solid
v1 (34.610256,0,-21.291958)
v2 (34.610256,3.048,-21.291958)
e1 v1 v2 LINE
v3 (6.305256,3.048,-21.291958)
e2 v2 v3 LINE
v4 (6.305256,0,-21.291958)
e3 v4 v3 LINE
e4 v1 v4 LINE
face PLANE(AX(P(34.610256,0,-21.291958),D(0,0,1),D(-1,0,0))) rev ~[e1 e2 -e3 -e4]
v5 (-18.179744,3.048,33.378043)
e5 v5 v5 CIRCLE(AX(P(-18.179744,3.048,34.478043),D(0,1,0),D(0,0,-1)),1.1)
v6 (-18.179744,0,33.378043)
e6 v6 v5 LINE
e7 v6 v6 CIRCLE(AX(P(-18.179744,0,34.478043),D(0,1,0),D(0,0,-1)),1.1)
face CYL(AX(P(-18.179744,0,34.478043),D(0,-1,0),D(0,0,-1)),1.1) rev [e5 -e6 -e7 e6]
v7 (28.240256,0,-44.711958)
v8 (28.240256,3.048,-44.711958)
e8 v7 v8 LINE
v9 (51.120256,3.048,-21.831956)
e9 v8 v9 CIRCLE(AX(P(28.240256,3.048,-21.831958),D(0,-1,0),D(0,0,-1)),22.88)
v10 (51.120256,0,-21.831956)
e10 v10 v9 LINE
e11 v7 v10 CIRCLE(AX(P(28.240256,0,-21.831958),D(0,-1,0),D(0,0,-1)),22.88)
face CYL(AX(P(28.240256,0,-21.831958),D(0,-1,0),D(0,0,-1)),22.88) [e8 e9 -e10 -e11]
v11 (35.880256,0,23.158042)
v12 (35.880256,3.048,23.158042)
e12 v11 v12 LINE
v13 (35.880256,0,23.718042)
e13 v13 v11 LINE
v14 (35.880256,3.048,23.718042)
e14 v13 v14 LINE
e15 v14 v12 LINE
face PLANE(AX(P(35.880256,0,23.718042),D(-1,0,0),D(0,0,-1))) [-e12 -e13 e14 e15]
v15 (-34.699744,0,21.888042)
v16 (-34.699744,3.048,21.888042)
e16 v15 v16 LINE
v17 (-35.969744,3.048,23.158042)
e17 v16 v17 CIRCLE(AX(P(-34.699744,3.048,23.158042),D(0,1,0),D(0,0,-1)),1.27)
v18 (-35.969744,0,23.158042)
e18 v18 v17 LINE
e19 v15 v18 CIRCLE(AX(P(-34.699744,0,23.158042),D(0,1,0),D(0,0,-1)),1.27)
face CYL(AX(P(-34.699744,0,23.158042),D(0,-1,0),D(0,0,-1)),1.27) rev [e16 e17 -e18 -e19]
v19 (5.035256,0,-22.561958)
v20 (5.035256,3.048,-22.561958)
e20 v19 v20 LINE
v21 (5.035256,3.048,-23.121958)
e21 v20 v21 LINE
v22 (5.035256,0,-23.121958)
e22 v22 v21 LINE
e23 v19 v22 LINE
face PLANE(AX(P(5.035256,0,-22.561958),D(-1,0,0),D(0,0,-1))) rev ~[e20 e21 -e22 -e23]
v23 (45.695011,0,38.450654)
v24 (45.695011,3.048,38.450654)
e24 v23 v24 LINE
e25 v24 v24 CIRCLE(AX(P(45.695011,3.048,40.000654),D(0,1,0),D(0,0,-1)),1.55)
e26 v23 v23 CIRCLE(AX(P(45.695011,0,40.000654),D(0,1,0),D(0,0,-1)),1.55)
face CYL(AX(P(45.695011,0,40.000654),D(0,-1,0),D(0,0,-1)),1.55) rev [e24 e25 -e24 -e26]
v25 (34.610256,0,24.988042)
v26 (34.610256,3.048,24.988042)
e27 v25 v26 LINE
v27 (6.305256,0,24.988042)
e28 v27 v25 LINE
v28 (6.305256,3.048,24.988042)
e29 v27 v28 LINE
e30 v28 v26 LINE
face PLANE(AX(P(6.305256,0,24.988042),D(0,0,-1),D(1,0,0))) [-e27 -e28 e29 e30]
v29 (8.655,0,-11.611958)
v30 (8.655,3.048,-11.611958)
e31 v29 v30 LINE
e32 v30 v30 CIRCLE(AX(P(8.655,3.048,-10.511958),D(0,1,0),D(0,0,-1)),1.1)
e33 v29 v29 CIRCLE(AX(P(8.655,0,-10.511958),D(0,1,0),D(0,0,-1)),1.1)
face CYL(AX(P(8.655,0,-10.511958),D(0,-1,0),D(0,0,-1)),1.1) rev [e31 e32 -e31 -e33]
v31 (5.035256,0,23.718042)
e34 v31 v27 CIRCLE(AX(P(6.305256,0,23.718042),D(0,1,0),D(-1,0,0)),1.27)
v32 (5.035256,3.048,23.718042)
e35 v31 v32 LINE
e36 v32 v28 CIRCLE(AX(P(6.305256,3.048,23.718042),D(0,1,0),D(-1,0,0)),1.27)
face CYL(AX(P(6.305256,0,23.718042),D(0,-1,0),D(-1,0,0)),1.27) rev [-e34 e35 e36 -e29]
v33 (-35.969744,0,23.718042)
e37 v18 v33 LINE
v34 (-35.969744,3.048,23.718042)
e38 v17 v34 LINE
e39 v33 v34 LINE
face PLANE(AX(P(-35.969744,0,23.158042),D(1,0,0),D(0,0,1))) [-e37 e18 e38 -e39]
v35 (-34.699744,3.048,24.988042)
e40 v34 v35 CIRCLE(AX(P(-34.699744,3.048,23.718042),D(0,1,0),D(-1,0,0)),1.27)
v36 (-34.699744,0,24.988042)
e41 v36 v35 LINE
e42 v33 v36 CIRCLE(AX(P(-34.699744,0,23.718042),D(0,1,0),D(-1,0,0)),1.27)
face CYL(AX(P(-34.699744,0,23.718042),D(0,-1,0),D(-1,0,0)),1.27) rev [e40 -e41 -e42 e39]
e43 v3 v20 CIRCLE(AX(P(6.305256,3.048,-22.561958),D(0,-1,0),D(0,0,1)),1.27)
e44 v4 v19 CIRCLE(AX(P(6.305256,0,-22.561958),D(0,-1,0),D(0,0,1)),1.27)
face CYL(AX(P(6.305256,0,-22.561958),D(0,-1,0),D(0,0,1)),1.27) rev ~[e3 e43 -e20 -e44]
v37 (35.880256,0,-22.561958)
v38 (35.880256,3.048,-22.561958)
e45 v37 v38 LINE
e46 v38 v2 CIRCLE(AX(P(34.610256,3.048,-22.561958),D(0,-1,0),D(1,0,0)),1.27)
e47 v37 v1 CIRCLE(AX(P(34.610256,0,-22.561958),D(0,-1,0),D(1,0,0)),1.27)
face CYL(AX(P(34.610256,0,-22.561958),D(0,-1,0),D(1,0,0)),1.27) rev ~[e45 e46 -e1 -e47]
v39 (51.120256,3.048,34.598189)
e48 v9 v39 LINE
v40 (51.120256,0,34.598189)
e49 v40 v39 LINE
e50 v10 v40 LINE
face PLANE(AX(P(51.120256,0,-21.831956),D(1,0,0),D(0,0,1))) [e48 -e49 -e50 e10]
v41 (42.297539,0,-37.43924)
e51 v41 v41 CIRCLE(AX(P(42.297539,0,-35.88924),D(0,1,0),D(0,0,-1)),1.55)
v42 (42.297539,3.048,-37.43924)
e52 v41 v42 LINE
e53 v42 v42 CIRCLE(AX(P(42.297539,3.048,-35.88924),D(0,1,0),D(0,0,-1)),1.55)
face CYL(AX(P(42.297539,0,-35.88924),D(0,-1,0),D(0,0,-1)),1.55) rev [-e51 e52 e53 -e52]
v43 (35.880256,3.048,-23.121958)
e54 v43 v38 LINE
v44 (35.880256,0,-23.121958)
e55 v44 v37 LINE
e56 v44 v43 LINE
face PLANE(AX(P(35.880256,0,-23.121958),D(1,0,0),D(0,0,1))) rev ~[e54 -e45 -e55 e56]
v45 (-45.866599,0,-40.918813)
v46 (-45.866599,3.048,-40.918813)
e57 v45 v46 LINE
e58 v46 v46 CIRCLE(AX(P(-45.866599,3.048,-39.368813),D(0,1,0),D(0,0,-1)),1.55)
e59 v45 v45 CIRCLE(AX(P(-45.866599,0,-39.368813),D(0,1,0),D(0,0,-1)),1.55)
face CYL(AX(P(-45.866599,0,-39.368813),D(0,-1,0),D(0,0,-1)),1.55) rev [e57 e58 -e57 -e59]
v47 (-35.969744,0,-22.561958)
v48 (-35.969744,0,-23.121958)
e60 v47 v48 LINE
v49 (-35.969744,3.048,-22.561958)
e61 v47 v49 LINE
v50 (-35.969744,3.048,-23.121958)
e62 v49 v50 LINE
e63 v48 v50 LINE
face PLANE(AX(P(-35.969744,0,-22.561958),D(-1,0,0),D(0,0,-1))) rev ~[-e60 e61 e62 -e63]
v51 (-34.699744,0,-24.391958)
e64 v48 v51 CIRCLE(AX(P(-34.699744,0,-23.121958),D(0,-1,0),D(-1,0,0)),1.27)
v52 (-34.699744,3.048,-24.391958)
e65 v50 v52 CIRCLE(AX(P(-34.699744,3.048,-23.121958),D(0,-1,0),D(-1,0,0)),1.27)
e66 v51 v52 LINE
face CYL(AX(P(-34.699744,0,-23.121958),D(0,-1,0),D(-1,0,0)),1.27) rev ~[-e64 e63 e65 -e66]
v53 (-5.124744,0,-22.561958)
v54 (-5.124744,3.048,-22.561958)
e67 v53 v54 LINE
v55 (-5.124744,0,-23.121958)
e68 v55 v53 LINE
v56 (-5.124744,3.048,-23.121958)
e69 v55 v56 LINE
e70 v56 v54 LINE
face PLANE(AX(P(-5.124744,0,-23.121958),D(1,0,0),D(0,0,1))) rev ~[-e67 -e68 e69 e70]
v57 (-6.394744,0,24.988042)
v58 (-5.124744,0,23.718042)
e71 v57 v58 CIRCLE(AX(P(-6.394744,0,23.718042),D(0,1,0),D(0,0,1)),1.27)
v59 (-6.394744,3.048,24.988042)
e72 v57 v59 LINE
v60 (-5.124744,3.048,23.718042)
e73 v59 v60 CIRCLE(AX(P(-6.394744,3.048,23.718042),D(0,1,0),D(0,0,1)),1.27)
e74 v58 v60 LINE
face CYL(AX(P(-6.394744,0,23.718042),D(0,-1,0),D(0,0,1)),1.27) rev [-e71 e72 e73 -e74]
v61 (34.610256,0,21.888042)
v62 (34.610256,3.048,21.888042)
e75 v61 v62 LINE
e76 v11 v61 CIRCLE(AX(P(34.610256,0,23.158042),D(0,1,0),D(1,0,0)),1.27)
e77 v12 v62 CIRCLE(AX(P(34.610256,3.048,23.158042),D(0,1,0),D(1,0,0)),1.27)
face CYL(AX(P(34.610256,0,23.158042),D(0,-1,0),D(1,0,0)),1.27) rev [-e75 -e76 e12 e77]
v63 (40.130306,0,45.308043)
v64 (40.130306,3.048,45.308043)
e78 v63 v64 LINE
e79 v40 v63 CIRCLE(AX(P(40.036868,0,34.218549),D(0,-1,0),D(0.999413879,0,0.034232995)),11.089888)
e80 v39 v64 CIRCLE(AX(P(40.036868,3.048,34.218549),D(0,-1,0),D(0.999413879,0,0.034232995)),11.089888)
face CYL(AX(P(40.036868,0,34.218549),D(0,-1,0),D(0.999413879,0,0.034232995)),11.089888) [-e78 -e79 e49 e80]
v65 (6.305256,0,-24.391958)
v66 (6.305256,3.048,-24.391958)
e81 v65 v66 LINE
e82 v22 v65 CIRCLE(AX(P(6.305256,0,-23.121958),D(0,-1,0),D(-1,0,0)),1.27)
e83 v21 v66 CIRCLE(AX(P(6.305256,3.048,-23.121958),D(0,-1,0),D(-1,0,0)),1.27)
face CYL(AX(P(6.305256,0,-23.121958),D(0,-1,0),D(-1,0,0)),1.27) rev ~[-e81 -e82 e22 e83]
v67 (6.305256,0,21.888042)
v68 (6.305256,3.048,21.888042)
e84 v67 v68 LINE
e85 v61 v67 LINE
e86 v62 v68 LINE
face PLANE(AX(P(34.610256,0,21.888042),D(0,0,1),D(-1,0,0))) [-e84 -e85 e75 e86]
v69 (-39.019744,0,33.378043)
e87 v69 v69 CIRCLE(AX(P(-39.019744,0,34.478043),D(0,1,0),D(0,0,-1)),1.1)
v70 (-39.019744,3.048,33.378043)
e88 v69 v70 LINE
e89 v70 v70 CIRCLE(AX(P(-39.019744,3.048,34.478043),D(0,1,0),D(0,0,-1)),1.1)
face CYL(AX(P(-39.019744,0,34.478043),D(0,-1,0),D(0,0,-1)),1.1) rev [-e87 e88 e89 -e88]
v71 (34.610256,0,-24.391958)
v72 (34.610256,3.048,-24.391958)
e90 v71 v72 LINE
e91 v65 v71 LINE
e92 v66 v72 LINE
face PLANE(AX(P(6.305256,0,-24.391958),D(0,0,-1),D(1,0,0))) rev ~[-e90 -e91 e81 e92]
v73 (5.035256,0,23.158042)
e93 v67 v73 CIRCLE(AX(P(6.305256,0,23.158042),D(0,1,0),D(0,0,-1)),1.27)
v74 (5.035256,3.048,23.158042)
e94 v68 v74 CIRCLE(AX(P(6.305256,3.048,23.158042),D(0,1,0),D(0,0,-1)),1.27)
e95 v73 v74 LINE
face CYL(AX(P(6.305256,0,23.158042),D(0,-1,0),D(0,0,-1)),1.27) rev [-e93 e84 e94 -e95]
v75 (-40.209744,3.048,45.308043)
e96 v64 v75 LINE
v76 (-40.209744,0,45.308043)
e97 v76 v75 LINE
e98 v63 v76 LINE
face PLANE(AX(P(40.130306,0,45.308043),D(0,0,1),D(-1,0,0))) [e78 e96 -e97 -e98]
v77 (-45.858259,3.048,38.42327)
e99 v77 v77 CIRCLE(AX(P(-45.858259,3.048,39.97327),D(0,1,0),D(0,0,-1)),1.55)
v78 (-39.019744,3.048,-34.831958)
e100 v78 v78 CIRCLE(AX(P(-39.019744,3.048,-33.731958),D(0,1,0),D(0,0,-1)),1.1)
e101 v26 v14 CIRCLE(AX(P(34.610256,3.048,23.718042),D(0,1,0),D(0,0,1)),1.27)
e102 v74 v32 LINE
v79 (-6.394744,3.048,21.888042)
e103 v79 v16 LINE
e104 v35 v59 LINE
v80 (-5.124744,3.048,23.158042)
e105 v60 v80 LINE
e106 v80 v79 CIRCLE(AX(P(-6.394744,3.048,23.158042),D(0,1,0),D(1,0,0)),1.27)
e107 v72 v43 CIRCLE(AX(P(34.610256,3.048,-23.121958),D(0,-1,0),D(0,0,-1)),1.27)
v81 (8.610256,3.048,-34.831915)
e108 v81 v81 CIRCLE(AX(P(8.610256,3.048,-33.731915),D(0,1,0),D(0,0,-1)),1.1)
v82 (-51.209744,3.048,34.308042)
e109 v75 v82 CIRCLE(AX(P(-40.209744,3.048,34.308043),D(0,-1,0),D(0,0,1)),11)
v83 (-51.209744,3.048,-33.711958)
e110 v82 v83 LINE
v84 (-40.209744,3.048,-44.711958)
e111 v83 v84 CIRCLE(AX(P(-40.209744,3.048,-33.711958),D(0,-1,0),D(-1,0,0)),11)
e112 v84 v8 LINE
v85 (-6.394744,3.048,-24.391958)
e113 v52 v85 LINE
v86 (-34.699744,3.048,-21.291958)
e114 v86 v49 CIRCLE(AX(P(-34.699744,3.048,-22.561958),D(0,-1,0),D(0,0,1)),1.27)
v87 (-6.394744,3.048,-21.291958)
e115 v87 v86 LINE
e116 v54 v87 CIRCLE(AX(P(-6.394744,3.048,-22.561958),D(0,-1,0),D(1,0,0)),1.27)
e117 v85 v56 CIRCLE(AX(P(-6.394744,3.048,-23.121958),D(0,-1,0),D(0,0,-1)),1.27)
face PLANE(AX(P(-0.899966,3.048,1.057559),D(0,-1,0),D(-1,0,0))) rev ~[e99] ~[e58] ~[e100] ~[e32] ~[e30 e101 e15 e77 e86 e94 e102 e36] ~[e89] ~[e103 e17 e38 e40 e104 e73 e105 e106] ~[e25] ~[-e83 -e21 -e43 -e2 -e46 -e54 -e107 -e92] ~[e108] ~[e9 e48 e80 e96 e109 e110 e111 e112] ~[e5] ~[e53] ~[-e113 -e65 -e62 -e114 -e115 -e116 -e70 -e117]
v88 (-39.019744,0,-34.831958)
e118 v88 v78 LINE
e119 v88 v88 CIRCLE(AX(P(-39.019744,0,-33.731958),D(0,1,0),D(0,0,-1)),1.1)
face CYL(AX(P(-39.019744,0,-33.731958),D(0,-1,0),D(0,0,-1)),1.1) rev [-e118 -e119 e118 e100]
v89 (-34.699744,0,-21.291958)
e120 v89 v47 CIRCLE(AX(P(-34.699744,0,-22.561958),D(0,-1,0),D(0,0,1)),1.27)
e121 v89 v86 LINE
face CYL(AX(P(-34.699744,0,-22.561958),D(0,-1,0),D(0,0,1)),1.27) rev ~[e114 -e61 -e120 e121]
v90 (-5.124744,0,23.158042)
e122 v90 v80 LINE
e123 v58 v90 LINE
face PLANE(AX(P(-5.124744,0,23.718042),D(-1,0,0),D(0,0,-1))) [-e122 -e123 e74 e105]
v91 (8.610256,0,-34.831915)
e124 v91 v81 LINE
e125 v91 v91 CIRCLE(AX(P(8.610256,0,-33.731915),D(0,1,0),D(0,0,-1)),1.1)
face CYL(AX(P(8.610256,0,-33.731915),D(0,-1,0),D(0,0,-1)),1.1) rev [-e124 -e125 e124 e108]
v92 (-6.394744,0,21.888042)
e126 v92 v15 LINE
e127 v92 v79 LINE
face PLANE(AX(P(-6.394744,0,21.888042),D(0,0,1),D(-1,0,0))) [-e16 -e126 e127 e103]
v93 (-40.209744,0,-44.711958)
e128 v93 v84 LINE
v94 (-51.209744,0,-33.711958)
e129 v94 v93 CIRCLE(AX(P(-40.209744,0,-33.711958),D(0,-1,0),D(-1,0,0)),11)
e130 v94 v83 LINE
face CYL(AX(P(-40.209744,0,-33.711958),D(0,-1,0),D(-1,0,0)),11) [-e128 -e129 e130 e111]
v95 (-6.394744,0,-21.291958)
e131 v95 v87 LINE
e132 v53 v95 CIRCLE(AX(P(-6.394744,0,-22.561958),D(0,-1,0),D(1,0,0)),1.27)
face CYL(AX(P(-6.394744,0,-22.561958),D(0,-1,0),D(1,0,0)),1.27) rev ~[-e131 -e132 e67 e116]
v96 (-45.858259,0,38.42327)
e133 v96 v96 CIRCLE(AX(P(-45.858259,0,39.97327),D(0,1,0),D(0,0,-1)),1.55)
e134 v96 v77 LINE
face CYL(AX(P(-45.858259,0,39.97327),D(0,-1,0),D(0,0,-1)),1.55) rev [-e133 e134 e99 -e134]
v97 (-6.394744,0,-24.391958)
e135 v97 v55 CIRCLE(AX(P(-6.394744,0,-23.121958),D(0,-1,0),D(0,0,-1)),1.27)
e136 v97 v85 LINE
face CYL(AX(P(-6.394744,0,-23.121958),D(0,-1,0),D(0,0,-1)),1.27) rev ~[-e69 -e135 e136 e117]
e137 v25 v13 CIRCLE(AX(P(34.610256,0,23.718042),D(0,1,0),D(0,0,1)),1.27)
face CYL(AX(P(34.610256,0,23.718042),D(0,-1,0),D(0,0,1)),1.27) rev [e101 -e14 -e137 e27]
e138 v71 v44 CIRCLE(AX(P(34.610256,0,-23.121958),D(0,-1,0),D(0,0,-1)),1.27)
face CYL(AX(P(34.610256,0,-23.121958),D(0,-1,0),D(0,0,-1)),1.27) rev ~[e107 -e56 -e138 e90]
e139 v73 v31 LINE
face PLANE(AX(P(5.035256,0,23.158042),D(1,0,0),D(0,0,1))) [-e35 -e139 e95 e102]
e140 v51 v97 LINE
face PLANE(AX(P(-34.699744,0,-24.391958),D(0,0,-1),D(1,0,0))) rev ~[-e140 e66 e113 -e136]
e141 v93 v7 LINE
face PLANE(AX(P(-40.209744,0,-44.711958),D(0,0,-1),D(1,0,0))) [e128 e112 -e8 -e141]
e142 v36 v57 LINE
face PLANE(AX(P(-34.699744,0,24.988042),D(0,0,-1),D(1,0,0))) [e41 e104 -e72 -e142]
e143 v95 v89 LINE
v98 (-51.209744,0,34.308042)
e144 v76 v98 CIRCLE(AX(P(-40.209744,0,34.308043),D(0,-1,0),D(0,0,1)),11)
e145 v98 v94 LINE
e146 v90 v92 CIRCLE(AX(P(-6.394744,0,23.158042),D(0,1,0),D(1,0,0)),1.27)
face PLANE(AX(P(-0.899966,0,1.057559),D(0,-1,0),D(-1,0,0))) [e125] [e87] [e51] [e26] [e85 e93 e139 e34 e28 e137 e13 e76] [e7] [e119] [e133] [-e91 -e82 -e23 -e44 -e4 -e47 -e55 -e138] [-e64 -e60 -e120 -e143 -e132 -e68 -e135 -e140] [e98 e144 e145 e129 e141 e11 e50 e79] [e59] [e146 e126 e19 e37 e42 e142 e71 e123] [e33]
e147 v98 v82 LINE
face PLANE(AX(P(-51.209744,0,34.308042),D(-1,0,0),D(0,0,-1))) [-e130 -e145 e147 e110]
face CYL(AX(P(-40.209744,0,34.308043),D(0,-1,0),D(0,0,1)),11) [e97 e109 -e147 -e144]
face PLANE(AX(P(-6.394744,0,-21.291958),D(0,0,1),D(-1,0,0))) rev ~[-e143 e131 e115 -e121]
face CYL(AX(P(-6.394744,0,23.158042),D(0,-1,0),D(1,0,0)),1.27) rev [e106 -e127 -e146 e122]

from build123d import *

# Parameters (mm, degrees)
SKETCH1_R           = 1.1
SKETCH1_R_2         = 1.55
BOSS_EXTRUDE1_DEPTH = 3.048


with BuildPart() as part:
    # Sketch1 → Boss-Extrude1 (new body)
    with BuildSketch(Plane(origin=(0, 0, 0), x_dir=(1, 0, 0), z_dir=(0, 1, 0))):
        with BuildLine():
            Line((-40.209744398, 44.711958299), (28.240255602, 44.711958299))
            ThreePointArc((28.240255602, 44.711958299), (44.41885963, 38.010560578), (51.120255602, 21.831955824))
            Line((51.120255602, 21.831955824), (51.120255602, -34.598189146))
            ThreePointArc((51.120255602, -34.598189146), (47.776738906, -42.160841434), (40.130306185, -45.308043388))
            Line((40.130306185, -45.308043388), (-40.209744398, -45.308043388))
            ThreePointArc((-40.209744398, -45.308043388), (-47.987919588, -42.086217385), (-51.209744398, -34.308041701))
            Line((-51.209744398, -34.308041701), (-51.209744398, 33.711958299))
            ThreePointArc((-51.209744398, 33.711958299), (-47.987918991, 41.490132892), (-40.209744398, 44.711958299))
        make_face()
        with Locations(Location((-39.019744398, -34.478043388, 0), (0, 0, 90))):
            Circle(SKETCH1_R, mode=Mode.SUBTRACT)
        with Locations(Location((-18.179744398, -34.478043388, 0), (0, 0, 90))):
            Circle(SKETCH1_R, mode=Mode.SUBTRACT)
        with Locations(Location((-39.019744398, 33.731958299, 0), (0, 0, 90))):
            Circle(SKETCH1_R, mode=Mode.SUBTRACT)
        with Locations(Location((8.610255602, 33.731915189, 0), (0, 0, 90))):
            Circle(SKETCH1_R, mode=Mode.SUBTRACT)
        with Locations(Location((8.655, 10.511958299, 0), (0, 0, 90))):
            Circle(SKETCH1_R, mode=Mode.SUBTRACT)
        with Locations(Location((-45.866598648, 39.368812549, 0), (0, 0, 90))):
            Circle(SKETCH1_R_2, mode=Mode.SUBTRACT)
        with Locations(Location((42.297539172, 35.889240349, 0), (0, 0, 90))):
            Circle(SKETCH1_R_2, mode=Mode.SUBTRACT)
        with Locations(Location((45.695011225, -40.000653974, 0), (0, 0, 90))):
            Circle(SKETCH1_R_2, mode=Mode.SUBTRACT)
        with Locations(Location((-45.858259021, -39.973270185, 0), (0, 0, 90))):
            Circle(SKETCH1_R_2, mode=Mode.SUBTRACT)
        with BuildLine():
            Line((-34.699744398, 24.391958299), (-6.394744398, 24.391958299))
            ThreePointArc((-6.394744398, 24.391958299), (-5.496718786, 24.019983911), (-5.124744398, 23.121958299))
            Line((-5.124744398, 23.121958299), (-5.124744398, 22.561958299))
            ThreePointArc((-5.124744398, 22.561958299), (-5.496718786, 21.663932687), (-6.394744398, 21.291958299))
            Line((-6.394744398, 21.291958299), (-34.699744398, 21.291958299))
            ThreePointArc((-34.699744398, 21.291958299), (-35.59777001, 21.663932687), (-35.969744398, 22.561958299))
            Line((-35.969744398, 22.561958299), (-35.969744398, 23.121958299))
            ThreePointArc((-35.969744398, 23.121958299), (-35.59777001, 24.019983911), (-34.699744398, 24.391958299))
        make_face(mode=Mode.SUBTRACT)
        with BuildLine():
            Line((35.880255602, 23.121958299), (35.880255602, 22.561958299))
            ThreePointArc((35.880255602, 22.561958299), (35.508281214, 21.663932687), (34.610255602, 21.291958299))
            Line((34.610255602, 21.291958299), (6.305255602, 21.291958299))
            ThreePointArc((6.305255602, 21.291958299), (5.40722999, 21.663932687), (5.035255602, 22.561958299))
            Line((5.035255602, 22.561958299), (5.035255602, 23.121958299))
            ThreePointArc((5.035255602, 23.121958299), (5.40722999, 24.019983911), (6.305255602, 24.391958299))
            Line((6.305255602, 24.391958299), (34.610255602, 24.391958299))
            ThreePointArc((34.610255602, 24.391958299), (35.508281214, 24.019983911), (35.880255602, 23.121958299))
        make_face(mode=Mode.SUBTRACT)
        with BuildLine():
            Line((35.880255602, -23.718041701), (35.880255602, -23.158041701))
            ThreePointArc((35.880255602, -23.158041701), (35.508281214, -22.260016089), (34.610255602, -21.888041701))
            Line((34.610255602, -21.888041701), (6.305255602, -21.888041701))
            ThreePointArc((6.305255602, -21.888041701), (5.40722999, -22.260016089), (5.035255602, -23.158041701))
            Line((5.035255602, -23.158041701), (5.035255602, -23.718041701))
            ThreePointArc((5.035255602, -23.718041701), (5.40722999, -24.616067313), (6.305255602, -24.988041701))
            Line((6.305255602, -24.988041701), (34.610255602, -24.988041701))
            ThreePointArc((34.610255602, -24.988041701), (35.508281214, -24.616067313), (35.880255602, -23.718041701))
        make_face(mode=Mode.SUBTRACT)
        with BuildLine():
            Line((-5.124744398, -23.718041701), (-5.124744398, -23.158041701))
            ThreePointArc((-5.124744398, -23.158041701), (-5.496718786, -22.260016089), (-6.394744398, -21.888041701))
            Line((-6.394744398, -21.888041701), (-34.699744398, -21.888041701))
            ThreePointArc((-34.699744398, -21.888041701), (-35.59777001, -22.260016089), (-35.969744398, -23.158041701))
            Line((-35.969744398, -23.158041701), (-35.969744398, -23.718041701))
            ThreePointArc((-35.969744398, -23.718041701), (-35.59777001, -24.616067313), (-34.699744398, -24.988041701))
            Line((-34.699744398, -24.988041701), (-6.394744398, -24.988041701))
            ThreePointArc((-6.394744398, -24.988041701), (-5.496718786, -24.616067313), (-5.124744398, -23.718041701))
        make_face(mode=Mode.SUBTRACT)
    extrude(amount=BOSS_EXTRUDE1_DEPTH)


solid = part.part
